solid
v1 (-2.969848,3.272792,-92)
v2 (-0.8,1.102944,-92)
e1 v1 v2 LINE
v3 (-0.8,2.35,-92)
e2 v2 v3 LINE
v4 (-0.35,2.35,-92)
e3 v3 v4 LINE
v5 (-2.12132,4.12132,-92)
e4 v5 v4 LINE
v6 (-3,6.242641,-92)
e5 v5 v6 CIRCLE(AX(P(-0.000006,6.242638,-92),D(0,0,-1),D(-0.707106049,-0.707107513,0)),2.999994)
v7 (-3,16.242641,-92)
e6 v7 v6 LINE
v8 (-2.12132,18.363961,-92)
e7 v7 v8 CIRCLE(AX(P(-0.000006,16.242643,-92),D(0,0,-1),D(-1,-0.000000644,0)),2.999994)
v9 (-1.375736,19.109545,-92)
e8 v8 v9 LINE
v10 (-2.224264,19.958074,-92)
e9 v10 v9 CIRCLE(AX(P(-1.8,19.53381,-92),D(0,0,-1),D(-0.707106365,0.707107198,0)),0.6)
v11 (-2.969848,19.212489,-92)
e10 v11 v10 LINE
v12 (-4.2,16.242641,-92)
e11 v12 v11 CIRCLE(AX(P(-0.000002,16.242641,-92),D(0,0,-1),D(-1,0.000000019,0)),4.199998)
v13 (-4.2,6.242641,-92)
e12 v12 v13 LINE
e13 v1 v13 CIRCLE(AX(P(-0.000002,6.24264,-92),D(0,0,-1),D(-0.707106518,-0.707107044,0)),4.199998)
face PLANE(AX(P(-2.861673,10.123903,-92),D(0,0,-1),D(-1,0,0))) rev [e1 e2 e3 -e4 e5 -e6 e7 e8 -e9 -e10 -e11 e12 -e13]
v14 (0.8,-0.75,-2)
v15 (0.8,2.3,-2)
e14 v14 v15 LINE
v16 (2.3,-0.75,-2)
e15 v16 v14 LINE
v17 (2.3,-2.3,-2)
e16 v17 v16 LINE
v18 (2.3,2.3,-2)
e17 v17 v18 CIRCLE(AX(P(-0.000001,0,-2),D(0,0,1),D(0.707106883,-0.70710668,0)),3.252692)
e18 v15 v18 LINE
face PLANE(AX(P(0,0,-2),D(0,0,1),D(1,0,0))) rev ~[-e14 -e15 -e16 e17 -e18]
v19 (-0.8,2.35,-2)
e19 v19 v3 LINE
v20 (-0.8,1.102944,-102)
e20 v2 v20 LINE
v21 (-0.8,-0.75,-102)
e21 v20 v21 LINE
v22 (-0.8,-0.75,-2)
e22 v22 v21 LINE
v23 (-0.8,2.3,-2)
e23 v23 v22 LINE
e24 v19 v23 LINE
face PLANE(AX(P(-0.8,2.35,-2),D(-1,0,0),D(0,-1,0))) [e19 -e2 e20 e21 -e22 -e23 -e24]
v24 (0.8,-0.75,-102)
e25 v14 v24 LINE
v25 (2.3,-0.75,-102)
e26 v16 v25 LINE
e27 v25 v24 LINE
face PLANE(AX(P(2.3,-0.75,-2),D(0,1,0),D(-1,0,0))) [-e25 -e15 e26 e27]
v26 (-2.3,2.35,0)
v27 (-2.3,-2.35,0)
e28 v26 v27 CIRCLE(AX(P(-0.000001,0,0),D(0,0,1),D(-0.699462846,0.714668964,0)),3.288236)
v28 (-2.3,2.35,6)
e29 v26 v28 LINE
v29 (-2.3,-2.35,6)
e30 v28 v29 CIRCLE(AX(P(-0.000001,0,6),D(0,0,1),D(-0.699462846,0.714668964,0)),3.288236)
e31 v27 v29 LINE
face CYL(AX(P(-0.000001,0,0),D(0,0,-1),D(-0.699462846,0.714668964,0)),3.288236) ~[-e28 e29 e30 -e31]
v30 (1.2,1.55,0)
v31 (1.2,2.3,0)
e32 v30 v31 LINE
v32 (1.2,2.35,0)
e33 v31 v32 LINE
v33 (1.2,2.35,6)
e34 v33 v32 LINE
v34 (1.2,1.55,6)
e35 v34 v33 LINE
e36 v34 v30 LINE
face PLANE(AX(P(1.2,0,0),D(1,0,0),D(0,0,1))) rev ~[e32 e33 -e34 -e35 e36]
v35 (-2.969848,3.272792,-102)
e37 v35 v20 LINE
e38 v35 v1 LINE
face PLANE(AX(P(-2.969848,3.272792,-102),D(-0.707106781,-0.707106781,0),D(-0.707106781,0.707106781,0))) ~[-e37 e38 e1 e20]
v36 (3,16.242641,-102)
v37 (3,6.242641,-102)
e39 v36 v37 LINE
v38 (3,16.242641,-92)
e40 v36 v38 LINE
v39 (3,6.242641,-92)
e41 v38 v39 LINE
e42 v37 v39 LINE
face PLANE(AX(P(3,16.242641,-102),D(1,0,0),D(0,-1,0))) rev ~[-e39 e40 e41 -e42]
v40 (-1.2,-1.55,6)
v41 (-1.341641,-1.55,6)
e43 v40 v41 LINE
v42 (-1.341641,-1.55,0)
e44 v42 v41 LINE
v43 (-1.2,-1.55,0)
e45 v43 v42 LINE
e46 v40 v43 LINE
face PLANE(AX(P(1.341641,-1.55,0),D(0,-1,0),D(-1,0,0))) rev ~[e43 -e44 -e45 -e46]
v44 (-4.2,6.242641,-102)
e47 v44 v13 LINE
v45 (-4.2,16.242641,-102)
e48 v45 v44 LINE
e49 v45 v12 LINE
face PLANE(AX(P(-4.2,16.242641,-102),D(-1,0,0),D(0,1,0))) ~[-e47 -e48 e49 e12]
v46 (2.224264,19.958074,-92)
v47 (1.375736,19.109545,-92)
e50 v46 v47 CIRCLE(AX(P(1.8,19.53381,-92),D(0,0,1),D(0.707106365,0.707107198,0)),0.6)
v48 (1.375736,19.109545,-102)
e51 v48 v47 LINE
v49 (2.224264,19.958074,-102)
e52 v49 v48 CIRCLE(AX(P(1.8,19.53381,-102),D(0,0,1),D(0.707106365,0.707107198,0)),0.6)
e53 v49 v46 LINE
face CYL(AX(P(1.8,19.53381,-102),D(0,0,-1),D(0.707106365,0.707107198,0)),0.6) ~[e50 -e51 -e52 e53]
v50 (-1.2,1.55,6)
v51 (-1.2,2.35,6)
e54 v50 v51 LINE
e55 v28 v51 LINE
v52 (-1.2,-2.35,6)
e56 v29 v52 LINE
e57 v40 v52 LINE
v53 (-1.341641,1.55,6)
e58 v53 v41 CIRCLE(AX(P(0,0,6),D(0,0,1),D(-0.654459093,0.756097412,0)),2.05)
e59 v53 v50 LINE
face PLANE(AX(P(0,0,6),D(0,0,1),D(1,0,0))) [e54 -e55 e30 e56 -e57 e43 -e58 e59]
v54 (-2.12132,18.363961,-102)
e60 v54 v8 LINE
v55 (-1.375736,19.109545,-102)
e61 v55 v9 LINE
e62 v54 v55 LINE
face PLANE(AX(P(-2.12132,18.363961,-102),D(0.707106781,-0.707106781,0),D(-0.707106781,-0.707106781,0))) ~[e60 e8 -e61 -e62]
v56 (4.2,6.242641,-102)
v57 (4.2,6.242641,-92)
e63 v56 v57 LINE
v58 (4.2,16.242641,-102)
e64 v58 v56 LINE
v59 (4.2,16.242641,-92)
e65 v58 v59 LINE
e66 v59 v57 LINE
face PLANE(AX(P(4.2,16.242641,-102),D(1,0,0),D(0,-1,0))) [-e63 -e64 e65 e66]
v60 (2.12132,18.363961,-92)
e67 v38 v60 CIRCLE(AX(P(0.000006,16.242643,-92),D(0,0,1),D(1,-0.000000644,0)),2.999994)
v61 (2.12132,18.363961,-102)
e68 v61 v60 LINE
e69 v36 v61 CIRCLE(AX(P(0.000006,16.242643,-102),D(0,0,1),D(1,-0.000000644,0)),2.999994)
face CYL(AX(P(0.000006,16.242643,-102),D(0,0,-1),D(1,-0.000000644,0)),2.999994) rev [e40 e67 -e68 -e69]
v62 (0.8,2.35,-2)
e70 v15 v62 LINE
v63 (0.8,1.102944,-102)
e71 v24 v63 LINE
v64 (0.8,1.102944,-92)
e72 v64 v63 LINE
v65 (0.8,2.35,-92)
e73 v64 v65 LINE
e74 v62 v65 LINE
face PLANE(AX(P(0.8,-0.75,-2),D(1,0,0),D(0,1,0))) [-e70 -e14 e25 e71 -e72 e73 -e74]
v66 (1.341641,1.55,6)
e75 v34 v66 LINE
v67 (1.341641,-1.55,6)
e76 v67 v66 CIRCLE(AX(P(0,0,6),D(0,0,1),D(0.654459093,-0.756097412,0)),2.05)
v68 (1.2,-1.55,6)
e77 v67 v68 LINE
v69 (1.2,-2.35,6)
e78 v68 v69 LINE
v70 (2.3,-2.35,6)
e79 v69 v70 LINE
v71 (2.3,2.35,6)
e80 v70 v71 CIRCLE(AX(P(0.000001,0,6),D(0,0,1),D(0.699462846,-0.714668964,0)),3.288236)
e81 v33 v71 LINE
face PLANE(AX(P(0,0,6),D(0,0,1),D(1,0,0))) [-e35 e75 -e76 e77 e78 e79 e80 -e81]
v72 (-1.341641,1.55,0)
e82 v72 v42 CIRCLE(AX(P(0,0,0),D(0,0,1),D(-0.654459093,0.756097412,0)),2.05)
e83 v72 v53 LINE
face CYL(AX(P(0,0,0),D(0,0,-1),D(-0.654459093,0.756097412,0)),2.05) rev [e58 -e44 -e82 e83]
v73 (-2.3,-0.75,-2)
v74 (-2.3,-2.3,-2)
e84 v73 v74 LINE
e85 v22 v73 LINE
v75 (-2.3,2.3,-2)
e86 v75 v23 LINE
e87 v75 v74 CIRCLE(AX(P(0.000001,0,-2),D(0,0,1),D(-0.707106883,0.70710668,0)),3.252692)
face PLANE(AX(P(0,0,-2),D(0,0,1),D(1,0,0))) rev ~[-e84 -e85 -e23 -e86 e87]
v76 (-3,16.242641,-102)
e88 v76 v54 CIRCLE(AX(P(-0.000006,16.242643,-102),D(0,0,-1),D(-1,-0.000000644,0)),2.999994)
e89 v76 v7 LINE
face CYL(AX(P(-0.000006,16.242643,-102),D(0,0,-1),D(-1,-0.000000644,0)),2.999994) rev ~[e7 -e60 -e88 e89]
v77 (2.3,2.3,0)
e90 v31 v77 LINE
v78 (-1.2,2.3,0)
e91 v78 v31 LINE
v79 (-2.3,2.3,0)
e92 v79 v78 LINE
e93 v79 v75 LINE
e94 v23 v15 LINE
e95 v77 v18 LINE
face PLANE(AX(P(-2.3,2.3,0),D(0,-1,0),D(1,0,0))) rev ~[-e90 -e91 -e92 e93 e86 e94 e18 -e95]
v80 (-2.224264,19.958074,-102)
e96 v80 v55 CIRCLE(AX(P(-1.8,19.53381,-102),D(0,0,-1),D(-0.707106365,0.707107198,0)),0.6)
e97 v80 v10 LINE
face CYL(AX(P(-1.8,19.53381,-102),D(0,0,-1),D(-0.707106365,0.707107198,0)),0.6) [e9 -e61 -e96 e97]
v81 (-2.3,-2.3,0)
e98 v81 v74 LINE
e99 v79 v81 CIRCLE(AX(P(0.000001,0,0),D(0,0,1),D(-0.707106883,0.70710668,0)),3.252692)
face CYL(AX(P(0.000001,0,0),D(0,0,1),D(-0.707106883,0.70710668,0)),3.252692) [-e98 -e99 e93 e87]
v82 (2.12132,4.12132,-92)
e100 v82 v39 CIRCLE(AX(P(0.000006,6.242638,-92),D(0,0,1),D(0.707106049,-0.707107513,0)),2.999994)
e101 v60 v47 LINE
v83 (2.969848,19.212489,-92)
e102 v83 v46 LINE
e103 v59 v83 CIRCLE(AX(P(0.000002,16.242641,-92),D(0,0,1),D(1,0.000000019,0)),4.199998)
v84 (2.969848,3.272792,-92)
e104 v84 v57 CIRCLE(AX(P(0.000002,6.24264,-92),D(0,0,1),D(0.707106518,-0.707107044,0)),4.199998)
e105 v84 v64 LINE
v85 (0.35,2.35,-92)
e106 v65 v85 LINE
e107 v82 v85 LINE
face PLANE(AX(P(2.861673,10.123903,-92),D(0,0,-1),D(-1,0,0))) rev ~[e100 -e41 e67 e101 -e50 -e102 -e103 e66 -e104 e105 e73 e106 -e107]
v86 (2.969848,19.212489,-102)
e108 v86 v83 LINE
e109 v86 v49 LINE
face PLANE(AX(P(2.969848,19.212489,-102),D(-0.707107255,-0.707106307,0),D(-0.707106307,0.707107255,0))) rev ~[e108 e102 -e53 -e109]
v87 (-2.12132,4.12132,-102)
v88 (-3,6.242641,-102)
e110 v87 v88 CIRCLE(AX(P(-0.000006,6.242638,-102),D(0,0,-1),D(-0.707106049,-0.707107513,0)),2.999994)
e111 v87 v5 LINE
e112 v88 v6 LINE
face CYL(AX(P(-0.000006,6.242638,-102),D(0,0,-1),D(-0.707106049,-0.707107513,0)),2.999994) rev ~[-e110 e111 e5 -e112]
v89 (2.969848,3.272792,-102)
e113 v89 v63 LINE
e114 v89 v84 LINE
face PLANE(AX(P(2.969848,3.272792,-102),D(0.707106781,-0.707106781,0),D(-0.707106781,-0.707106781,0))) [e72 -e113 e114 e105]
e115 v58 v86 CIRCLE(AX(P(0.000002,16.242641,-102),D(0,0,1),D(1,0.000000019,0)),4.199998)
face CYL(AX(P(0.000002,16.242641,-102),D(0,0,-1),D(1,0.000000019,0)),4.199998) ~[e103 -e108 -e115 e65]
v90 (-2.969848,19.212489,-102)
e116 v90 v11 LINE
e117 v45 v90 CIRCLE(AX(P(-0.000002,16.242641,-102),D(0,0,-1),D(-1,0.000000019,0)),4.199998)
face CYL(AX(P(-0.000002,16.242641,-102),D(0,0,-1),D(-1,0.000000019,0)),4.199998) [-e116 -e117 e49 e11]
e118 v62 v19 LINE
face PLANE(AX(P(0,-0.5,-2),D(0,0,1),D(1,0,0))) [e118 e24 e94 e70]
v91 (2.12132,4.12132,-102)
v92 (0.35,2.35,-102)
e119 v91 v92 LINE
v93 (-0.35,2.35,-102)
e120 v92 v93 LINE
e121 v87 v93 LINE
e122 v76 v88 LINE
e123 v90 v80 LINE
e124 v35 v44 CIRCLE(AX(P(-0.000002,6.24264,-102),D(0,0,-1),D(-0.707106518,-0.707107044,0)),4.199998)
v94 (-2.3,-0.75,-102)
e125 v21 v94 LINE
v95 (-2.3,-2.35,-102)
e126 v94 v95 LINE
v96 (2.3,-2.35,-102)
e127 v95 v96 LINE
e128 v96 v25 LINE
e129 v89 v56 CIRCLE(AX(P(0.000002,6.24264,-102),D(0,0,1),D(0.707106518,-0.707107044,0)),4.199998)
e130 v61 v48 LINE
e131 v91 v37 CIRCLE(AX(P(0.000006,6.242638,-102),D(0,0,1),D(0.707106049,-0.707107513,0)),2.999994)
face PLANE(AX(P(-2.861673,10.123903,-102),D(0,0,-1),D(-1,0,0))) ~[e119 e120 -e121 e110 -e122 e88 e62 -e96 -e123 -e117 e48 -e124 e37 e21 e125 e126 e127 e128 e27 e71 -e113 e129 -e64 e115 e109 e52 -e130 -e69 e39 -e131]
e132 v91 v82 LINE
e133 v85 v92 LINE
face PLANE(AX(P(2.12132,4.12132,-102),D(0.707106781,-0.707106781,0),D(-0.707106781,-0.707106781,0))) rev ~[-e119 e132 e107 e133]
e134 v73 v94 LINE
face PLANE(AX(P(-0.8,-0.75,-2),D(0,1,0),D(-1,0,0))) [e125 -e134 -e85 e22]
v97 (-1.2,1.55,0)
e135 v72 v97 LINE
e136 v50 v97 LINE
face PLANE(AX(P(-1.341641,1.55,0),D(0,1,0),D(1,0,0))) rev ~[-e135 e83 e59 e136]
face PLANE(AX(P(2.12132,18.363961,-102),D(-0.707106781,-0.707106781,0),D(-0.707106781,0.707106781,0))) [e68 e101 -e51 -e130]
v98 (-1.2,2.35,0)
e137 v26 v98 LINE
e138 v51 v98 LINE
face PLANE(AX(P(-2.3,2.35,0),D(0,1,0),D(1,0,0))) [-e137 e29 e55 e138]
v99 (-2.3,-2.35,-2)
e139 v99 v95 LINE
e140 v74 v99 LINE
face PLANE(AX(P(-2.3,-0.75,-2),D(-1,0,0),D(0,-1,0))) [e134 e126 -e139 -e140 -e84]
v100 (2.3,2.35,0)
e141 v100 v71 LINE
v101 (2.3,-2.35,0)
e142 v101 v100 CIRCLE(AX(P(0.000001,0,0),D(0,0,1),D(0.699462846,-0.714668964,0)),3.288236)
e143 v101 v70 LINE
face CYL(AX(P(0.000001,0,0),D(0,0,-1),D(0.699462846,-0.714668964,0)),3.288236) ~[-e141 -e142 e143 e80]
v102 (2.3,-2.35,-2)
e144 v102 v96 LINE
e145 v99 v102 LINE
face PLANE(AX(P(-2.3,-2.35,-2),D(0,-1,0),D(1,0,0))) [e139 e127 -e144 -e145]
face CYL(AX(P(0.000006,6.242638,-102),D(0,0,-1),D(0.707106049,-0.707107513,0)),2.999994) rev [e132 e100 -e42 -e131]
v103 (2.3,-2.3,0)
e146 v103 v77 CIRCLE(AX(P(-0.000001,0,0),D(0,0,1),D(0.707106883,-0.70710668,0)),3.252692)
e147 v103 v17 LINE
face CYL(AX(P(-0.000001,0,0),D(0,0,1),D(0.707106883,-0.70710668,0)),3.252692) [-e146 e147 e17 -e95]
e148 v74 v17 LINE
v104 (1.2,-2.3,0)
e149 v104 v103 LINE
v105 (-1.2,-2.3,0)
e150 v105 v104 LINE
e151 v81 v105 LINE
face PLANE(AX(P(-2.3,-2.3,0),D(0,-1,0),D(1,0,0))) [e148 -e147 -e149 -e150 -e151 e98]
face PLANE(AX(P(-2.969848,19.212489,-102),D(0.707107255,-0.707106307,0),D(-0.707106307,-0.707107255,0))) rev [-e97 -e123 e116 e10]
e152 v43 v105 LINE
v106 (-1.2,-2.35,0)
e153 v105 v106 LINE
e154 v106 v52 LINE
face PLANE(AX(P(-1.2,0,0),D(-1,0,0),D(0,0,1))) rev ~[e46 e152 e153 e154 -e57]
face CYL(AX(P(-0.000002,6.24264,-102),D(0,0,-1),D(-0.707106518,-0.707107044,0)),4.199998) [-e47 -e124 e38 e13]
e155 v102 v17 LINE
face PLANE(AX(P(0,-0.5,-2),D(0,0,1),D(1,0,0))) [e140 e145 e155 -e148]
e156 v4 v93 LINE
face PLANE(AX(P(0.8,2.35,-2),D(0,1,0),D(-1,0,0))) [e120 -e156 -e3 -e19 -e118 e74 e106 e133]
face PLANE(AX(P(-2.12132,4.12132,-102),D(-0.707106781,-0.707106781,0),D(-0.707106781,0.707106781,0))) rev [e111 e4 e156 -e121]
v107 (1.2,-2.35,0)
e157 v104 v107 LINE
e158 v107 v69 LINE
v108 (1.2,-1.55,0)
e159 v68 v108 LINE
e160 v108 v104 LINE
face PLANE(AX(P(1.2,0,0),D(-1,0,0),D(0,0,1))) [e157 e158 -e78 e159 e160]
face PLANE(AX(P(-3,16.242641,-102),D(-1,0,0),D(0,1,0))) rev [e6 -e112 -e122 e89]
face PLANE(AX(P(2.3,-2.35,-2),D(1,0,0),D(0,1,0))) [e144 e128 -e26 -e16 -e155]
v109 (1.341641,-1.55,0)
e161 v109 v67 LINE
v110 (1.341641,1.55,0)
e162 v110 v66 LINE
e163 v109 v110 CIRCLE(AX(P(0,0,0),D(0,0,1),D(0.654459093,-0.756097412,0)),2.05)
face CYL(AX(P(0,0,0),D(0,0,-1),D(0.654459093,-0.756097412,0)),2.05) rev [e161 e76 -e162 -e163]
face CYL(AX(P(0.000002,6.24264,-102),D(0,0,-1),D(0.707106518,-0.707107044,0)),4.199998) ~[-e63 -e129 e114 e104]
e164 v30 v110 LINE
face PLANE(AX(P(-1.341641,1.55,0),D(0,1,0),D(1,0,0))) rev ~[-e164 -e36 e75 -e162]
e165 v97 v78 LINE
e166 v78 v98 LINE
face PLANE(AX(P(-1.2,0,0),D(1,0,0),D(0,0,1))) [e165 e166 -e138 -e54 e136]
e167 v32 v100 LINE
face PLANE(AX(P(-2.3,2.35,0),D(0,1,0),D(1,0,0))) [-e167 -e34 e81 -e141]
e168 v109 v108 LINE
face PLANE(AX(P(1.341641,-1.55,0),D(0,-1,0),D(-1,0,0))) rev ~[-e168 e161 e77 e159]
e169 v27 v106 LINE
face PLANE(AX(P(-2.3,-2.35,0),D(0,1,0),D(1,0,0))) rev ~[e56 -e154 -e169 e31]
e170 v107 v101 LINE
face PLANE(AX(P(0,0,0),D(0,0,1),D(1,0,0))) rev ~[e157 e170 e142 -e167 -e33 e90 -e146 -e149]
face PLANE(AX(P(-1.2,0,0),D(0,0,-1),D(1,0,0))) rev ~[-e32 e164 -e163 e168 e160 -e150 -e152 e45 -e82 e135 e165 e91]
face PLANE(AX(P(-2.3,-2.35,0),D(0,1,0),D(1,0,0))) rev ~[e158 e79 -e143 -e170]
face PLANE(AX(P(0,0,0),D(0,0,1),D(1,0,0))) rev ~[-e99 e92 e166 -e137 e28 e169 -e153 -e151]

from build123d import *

# Parameters (mm, degrees)
PAD_DEPTH         = 6
PAD001_DEPTH      = 2
PAD002_DEPTH      = 100
SKETCH003_W       = 2.4
SKETCH003_H       = 10
POCKET_DEPTH      = 2.351
POCKET_DEPTH_BACK = -2.351
PAD003_DEPTH      = 10


with BuildPart() as part:
    # Sketch → Pad (new body)
    with BuildSketch(Plane.XY):
        with BuildLine():
            ThreePointArc((-2.3, 2.35), (-3.288237, 0), (-2.3, -2.35))
            Line((-2.3, -2.35), (2.3, -2.35))
            ThreePointArc((2.3, -2.35), (3.288237, 0), (2.3, 2.35))
            Line((-2.3, 2.35), (2.3, 2.35))
        make_face()
        with BuildLine():
            ThreePointArc((1.341641, -1.55), (2.05, 0), (1.341641, 1.55))
            Line((-1.341641, 1.55), (1.341641, 1.55))
            ThreePointArc((-1.341641, 1.55), (-2.05, 0), (-1.341641, -1.55))
            Line((1.341641, -1.55), (-1.341641, -1.55))
        make_face(mode=Mode.SUBTRACT)
    extrude(amount=PAD_DEPTH)

    # Sketch001 → Pad001 (join)
    with BuildSketch(Plane.XY):
        with BuildLine():
            ThreePointArc((-2.3, 2.3), (-3.252691, 0), (-2.3, -2.3))
            Line((-2.3, -2.3), (2.3, -2.3))
            ThreePointArc((2.3, -2.3), (3.252691, 0), (2.3, 2.3))
            Line((-2.3, 2.3), (2.3, 2.3))
        make_face()
    extrude(amount=-PAD001_DEPTH)

    # Sketch002 → Pad002 (join)
    with BuildSketch(Plane.XY.offset(-2)):
        Polygon((-0.8, 2.35), (-0.8, -0.75), (-2.3, -0.75), (-2.3, -2.35), (2.3, -2.35), (2.3, -0.75), (0.8, -0.75), (0.8, 2.35), align=None)
    extrude(amount=-PAD002_DEPTH)

    # Sketch003 → Pocket (cut, two sides)
    with BuildSketch(Plane.XZ) as pocket_sk:
        with Locations((0, 5)):
            Rectangle(SKETCH003_W, SKETCH003_H)
    extrude(amount=-POCKET_DEPTH, mode=Mode.SUBTRACT)
    extrude(pocket_sk.sketch, amount=-POCKET_DEPTH_BACK, mode=Mode.SUBTRACT)

    # Sketch004 → Pad003 (join)
    with BuildSketch(Plane.XY.offset(-102)):
        with BuildLine():
            ThreePointArc((2.12132, 4.12132), (2.771639, 5.09459), (3, 6.242641))
            Line((3, 16.242641), (3, 6.242641))
            ThreePointArc((3, 16.242641), (2.771639, 17.390691), (2.12132, 18.363961))
            Line((2.12132, 18.363961), (1.375736, 19.109545))
            ThreePointArc((2.224264, 19.958074), (1.375736, 19.958074), (1.375736, 19.109545))
            Line((2.969848, 19.212489), (2.224264, 19.958074))
            ThreePointArc((4.2, 16.242641), (3.880294, 17.849911), (2.969848, 19.212489))
            Line((4.2, 16.242641), (4.2, 6.242641))
            ThreePointArc((2.969848, 3.272792), (3.880294, 4.63537), (4.2, 6.242641))
            Line((2.969848, 3.272792), (0, 0.302944))
            Line((0, 2), (0, 0.302944))
            Line((2.12132, 4.12132), (0, 2))
        make_face()
    pad003 = extrude(amount=PAD003_DEPTH)

    # Mirrored: Pad003 across Sketch004 V_Axis
    add(pad003.mirror(Plane(origin=(0, 0, -102), x_dir=(0, 0, 1), z_dir=(1, 0, 0))))


solid = part.part
